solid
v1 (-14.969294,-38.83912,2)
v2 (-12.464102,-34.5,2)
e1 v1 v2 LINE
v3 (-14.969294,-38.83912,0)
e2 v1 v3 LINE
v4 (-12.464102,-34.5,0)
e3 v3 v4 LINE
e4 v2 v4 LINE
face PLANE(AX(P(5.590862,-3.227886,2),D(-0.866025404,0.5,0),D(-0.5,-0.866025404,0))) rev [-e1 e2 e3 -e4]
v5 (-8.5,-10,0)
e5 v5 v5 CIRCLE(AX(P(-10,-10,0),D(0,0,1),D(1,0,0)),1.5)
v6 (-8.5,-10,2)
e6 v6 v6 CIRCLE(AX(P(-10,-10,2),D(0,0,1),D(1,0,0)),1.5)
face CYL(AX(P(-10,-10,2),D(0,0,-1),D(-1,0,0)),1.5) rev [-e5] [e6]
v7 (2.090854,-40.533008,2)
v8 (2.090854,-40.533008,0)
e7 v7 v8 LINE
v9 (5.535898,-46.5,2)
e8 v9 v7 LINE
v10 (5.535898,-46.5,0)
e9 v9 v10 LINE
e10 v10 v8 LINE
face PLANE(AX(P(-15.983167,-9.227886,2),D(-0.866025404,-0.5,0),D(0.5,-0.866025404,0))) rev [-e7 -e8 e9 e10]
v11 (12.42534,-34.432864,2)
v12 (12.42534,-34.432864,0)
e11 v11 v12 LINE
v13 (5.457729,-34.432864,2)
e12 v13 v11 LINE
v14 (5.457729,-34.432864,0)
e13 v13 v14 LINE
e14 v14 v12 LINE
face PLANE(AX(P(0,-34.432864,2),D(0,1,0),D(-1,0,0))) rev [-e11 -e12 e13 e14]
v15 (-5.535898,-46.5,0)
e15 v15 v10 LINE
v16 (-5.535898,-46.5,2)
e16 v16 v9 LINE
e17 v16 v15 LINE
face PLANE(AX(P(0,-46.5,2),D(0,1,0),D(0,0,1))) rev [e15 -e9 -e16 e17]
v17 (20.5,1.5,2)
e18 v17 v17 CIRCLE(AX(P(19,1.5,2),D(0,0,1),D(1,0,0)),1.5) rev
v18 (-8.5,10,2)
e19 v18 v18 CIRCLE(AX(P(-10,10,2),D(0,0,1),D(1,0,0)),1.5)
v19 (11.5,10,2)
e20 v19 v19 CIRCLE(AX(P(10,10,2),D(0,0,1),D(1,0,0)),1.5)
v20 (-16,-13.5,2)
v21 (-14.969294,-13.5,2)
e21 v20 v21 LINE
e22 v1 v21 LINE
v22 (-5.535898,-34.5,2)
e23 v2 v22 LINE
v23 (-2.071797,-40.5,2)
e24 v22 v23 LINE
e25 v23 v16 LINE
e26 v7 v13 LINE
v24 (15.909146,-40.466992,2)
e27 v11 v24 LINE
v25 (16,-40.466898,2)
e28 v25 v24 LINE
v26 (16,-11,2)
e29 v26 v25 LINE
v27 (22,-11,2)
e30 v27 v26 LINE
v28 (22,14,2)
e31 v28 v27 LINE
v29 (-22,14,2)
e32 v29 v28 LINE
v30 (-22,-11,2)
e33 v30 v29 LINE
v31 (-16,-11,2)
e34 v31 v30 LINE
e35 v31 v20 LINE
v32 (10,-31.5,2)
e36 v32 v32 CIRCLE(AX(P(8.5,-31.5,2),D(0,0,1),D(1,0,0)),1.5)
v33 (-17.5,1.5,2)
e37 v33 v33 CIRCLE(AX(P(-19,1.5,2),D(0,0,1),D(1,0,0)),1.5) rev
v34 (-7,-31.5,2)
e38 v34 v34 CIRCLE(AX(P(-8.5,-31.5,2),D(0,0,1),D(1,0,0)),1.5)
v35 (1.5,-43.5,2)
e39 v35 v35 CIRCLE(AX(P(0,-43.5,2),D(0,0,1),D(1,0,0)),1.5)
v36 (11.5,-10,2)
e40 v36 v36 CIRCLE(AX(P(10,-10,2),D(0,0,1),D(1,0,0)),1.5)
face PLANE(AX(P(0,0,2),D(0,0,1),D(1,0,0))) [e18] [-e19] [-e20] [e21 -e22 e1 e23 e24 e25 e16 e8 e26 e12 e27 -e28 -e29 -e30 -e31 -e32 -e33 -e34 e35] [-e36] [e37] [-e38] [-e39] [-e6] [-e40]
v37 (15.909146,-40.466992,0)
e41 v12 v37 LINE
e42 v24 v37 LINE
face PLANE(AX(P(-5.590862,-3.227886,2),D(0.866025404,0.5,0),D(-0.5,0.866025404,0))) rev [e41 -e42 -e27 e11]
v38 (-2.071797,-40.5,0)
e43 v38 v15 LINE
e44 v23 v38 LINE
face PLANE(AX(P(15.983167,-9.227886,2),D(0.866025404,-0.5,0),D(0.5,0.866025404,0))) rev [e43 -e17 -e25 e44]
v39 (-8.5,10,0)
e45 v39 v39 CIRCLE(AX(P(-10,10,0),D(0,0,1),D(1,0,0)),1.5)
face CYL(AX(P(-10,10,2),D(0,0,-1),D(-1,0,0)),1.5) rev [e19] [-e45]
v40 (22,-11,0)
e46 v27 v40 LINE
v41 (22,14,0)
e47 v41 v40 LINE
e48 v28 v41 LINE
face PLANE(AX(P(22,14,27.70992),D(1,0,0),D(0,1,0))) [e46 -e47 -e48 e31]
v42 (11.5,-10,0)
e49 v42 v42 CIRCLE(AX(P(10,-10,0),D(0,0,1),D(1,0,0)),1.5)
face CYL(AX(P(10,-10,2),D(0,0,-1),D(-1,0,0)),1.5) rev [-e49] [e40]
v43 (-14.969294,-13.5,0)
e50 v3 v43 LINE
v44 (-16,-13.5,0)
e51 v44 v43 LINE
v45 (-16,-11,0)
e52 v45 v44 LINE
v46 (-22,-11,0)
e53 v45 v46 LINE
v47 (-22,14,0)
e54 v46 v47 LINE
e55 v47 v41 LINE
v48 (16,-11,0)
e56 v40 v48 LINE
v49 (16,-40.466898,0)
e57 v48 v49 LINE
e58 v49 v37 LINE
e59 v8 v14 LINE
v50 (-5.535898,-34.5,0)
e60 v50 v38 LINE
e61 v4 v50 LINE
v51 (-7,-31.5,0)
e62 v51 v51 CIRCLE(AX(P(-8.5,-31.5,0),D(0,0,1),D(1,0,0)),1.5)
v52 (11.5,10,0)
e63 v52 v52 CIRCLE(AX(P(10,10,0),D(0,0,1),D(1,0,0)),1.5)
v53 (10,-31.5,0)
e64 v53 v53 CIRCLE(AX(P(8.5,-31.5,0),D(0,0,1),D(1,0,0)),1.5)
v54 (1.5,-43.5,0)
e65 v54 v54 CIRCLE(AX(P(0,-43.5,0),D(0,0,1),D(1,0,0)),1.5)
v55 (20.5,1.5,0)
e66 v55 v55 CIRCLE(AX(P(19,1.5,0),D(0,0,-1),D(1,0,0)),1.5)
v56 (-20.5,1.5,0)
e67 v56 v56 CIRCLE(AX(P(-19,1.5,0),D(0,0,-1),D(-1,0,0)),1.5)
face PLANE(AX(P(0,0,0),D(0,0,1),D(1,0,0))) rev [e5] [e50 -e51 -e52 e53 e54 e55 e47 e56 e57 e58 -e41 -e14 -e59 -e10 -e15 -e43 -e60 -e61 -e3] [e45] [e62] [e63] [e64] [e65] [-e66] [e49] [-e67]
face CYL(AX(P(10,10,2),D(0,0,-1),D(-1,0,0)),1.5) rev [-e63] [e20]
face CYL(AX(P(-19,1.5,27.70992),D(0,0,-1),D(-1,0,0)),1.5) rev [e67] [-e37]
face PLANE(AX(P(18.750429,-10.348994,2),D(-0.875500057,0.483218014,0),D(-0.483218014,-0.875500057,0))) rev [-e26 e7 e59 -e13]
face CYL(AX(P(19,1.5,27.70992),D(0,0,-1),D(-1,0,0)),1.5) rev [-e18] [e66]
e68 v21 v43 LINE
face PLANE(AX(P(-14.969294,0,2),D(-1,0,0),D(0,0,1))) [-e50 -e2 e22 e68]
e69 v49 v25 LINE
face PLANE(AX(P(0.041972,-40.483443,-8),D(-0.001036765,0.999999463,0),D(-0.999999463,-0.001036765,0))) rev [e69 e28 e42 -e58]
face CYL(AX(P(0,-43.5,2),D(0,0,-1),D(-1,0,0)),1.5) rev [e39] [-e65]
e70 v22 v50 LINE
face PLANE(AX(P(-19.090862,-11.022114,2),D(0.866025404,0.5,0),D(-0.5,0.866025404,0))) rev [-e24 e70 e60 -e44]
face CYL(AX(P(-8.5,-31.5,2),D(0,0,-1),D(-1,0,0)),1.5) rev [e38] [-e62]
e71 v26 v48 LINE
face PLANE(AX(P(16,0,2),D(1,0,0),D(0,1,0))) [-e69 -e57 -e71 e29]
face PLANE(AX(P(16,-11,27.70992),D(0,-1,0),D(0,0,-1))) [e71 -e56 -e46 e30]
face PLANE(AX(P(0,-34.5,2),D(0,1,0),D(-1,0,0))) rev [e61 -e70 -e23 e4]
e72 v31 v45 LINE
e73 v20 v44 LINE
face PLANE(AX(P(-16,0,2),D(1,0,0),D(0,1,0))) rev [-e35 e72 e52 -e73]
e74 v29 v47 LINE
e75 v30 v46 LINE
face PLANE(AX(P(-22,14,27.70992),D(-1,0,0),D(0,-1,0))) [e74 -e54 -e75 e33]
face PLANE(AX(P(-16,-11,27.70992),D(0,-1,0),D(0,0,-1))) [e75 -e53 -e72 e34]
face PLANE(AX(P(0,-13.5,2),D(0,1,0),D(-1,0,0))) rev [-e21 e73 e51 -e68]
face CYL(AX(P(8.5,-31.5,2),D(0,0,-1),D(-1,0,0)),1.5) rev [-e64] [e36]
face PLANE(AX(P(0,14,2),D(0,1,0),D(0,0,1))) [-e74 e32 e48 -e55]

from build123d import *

# Parameters (mm, degrees)
SKETCH1_R           = 1.500000001
SKETCH1_R_2         = 1.5
BOSS_EXTRUDE2_DEPTH = 2
SKETCH10_W          = 6
SKETCH10_H          = 25
SKETCH10_R          = 1.5
BOSS_EXTRUDE8_DEPTH = 2
CUT_EXTRUDE1_DEPTH  = 10


with BuildPart() as part:
    # Sketch1 → Boss-Extrude2 (new body)
    with BuildSketch(Plane.XY):
        Polygon((16, 14), (-16, 14), (-16, -13.5), (-14.969293645, -13.5), (-14.969293645, -38.839119879), (-12.464101615, -34.5), (-5.535898385, -34.5), (-2.07179677, -40.5), (-5.535898385, -46.5), (5.535898385, -46.5), (2.090853862, -40.533007852), (5.457729166, -34.432863746), (12.425340481, -34.432863746), (15.909146138, -40.466992148), (15, -42.114193768), (15, -46.5), (16, -46.5), align=None)
        with Locations((-10, -10)):
            Circle(SKETCH1_R, mode=Mode.SUBTRACT)
        with Locations((10, -10)):
            Circle(SKETCH1_R, mode=Mode.SUBTRACT)
        with Locations((-10, 10)):
            Circle(SKETCH1_R, mode=Mode.SUBTRACT)
        with Locations((10, 10)):
            Circle(SKETCH1_R, mode=Mode.SUBTRACT)
        with Locations((8.5, -31.5)):
            Circle(SKETCH1_R_2, mode=Mode.SUBTRACT)
        with Locations((0, -43.5)):
            Circle(SKETCH1_R_2, mode=Mode.SUBTRACT)
        with Locations((-8.5, -31.5)):
            Circle(SKETCH1_R_2, mode=Mode.SUBTRACT)
    extrude(amount=BOSS_EXTRUDE2_DEPTH)

    # Sketch10 → Boss-Extrude8 (add)
    with BuildSketch(Plane(origin=(0, 0, 0), x_dir=(-1, 0, 0), z_dir=(0, 0, -1))):
        with Locations((19, 1.5)):
            Rectangle(SKETCH10_W, SKETCH10_H)
        with Locations((19, 1.5)):
            Circle(SKETCH10_R, mode=Mode.SUBTRACT)
        with Locations((-19, 1.5)):
            Rectangle(SKETCH10_W, SKETCH10_H)
        with Locations((-19, 1.5)):
            Circle(SKETCH10_R, mode=Mode.SUBTRACT)
    extrude(amount=-BOSS_EXTRUDE8_DEPTH)

    # Sketch5 → Cut-Extrude1 (cut)
    with BuildSketch(Plane.XY.offset(2)):
        Polygon((15, -42.114193768), (15.909146138, -40.466992148), (10.36687247, -40.472738184), (10.36687247, -46.5), (15, -46.5), align=None)
        Polygon((16, -40.466897954), (15.909146138, -40.466992148), (15, -42.114193768), (15, -46.5), (16, -46.5), align=None)
        Polygon((17.825288522, -40.465005559), (16, -40.466897954), (16, -46.5), (17.916172301, -46.5), align=None)
    extrude(amount=-CUT_EXTRUDE1_DEPTH, mode=Mode.SUBTRACT)


solid = part.part
